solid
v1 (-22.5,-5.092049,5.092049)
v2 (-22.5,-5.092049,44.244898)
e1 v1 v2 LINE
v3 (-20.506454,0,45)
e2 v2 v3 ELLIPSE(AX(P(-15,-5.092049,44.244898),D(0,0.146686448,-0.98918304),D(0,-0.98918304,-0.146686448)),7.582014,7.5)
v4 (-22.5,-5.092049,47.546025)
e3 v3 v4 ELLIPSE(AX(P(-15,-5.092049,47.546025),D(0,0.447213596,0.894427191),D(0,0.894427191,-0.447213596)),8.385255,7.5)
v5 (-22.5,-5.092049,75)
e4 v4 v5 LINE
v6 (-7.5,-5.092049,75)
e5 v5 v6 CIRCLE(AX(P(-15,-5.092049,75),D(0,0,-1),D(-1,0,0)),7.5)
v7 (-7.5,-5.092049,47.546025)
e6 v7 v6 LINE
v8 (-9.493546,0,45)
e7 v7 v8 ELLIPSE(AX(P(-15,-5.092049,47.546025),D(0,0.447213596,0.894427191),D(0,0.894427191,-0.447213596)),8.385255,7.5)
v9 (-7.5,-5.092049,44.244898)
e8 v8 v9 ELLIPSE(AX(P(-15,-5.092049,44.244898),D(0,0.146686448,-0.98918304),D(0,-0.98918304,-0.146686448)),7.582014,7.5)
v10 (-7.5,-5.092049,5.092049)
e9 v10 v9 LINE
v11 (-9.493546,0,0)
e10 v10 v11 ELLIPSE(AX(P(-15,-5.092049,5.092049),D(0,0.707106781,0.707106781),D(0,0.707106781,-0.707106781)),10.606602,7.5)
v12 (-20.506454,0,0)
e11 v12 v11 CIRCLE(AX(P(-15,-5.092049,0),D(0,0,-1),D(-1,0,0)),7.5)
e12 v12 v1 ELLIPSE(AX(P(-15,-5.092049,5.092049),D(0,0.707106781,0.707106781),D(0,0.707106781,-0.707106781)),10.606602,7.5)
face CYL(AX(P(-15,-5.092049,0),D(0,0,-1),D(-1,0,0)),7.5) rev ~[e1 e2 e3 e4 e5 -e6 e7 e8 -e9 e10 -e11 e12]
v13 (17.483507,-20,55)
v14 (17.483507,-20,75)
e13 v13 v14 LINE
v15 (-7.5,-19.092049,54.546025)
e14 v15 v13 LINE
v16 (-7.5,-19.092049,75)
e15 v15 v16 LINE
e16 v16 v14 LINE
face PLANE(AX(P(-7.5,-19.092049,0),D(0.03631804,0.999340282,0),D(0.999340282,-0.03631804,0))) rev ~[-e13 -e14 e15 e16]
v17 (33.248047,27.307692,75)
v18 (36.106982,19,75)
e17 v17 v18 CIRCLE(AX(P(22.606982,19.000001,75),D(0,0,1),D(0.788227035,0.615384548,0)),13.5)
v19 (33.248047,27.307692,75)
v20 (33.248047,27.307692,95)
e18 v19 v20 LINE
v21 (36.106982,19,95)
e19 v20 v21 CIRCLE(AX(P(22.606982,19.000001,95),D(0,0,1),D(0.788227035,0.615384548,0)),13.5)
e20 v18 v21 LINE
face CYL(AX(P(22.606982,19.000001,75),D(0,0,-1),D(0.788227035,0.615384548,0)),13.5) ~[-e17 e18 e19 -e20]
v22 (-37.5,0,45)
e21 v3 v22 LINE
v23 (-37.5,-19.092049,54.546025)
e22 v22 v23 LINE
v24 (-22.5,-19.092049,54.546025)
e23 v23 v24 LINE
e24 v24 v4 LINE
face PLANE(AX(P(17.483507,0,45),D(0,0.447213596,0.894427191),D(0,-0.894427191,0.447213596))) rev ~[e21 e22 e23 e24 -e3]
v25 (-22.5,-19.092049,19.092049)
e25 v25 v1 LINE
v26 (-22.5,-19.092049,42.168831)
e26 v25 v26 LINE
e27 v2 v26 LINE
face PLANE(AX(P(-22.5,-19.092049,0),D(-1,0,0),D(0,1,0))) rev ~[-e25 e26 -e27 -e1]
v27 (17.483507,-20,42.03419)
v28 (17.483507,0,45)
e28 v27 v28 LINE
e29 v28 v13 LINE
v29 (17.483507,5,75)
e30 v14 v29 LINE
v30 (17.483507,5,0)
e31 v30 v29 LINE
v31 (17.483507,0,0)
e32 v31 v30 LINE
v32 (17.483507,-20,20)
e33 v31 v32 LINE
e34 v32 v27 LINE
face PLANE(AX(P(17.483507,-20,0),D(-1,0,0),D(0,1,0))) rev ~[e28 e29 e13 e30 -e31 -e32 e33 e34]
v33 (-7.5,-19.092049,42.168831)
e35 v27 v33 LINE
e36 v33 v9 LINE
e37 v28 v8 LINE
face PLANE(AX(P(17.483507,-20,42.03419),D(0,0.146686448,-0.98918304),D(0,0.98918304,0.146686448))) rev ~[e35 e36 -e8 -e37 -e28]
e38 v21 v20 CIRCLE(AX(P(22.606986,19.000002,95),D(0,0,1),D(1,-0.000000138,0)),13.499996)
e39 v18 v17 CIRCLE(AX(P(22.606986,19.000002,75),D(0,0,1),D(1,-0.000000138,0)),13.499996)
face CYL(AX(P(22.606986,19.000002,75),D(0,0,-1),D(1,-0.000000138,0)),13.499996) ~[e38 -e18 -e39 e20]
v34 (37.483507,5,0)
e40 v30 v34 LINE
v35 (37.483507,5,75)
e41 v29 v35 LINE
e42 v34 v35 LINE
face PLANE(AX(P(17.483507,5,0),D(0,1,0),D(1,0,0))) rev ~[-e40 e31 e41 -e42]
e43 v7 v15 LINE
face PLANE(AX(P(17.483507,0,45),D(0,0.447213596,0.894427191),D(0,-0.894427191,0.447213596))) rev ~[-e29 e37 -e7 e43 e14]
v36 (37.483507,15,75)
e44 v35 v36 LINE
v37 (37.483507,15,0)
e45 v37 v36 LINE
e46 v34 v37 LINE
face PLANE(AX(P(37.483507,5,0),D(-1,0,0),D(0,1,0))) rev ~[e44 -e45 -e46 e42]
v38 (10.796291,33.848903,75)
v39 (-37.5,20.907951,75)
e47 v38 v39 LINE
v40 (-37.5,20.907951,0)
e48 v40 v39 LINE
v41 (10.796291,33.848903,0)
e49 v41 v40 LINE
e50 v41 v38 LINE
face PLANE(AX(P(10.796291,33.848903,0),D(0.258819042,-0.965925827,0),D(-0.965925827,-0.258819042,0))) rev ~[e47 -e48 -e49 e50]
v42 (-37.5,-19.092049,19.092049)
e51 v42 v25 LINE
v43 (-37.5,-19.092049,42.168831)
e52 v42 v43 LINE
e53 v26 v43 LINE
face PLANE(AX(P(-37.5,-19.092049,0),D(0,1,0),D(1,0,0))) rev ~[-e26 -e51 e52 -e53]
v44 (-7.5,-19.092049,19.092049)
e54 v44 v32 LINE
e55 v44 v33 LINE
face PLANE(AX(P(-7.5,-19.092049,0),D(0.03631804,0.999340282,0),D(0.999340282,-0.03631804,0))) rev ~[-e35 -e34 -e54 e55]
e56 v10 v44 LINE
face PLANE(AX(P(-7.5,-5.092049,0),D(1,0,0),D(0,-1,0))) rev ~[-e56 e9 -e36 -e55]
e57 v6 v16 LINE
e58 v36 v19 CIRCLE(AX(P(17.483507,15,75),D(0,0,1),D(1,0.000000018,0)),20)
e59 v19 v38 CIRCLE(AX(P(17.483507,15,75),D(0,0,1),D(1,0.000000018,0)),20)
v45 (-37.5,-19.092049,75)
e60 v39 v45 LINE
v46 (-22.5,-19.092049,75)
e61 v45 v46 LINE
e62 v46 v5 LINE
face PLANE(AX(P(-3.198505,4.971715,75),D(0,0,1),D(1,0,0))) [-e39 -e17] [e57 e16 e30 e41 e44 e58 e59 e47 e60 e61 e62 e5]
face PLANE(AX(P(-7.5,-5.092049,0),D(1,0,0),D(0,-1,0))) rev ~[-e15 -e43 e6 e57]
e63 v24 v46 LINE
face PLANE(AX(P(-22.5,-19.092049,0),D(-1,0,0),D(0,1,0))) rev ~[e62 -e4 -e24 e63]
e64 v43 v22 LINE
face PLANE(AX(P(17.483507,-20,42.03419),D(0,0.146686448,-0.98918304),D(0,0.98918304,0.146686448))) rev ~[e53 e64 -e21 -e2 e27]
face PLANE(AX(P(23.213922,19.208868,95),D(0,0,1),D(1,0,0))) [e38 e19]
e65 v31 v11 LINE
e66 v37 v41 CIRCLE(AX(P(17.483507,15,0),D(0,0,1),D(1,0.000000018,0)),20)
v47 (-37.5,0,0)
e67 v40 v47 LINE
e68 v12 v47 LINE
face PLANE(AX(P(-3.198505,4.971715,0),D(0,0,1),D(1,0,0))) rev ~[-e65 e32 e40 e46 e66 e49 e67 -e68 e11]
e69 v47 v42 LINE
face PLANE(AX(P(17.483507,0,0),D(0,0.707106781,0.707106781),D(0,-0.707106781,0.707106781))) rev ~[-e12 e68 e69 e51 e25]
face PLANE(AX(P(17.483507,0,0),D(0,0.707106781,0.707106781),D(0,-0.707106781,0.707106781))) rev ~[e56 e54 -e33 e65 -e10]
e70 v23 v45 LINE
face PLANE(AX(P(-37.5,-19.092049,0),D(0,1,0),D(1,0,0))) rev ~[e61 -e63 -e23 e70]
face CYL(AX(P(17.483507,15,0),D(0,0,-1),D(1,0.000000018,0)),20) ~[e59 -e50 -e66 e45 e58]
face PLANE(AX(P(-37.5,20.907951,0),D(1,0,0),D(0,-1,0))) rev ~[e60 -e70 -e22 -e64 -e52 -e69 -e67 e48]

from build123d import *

# Parameters (mm, degrees)
F1_DEPTH = 75
F3_DEPTH = 75
F5_DEPTH = 75
F7_DEPTH = 20


with BuildPart() as f1:
    # F0 (on Top) → F1 (new body)
    with BuildSketch(Plane.XY):
        with BuildLine():
            Line((-37.5, 20.907951), (-37.5, -19.092049))
            Line((-37.5, -19.092049), (-22.5, -19.092049))
            Line((-22.5, -19.092049), (-22.5, -5.092049))
            ThreePointArc((-22.5, -5.092049), (-15, 2.407951), (-7.5, -5.092049))
            Line((-7.5, -5.092049), (-7.5, -19.092049))
            Line((-7.5, -19.092049), (17.483507, -20))
            Line((17.483507, -20), (17.483507, 5))
            Line((17.483507, 5), (37.483507, 5))
            Line((37.483507, 5), (37.483507, 15))
            ThreePointArc((37.483507, 15), (29.021611, 31.336222), (10.796291, 33.848903))
            Line((10.796291, 33.848903), (-37.5, 20.907951))
        make_face()
    extrude(amount=F1_DEPTH)

    # F2 (on face) → F3 (cut)
    with BuildSketch(Plane.YZ.offset(17.483507)):
        Polygon((-20, 42.03419), (0, 45), (-20, 55), align=None)
    extrude(amount=-F3_DEPTH, mode=Mode.SUBTRACT)

    # F4 (on face) → F5 (cut)
    with BuildSketch(Plane.YZ.offset(17.483507)):
        Polygon((-20, 20), (-20, 0), (0, 0), align=None)
    extrude(amount=-F5_DEPTH, mode=Mode.SUBTRACT)

    # F6 (on face) → F7 (join)
    with BuildSketch(Plane.XY.offset(75)):
        with BuildLine():
            ThreePointArc((33.248047, 27.307692), (9.84171, 14.607072), (36.106982, 19))
            ThreePointArc((36.106982, 19), (35.372255, 23.392928), (33.248047, 27.307692))
        make_face()
    extrude(amount=F7_DEPTH)


solid = f1.part
